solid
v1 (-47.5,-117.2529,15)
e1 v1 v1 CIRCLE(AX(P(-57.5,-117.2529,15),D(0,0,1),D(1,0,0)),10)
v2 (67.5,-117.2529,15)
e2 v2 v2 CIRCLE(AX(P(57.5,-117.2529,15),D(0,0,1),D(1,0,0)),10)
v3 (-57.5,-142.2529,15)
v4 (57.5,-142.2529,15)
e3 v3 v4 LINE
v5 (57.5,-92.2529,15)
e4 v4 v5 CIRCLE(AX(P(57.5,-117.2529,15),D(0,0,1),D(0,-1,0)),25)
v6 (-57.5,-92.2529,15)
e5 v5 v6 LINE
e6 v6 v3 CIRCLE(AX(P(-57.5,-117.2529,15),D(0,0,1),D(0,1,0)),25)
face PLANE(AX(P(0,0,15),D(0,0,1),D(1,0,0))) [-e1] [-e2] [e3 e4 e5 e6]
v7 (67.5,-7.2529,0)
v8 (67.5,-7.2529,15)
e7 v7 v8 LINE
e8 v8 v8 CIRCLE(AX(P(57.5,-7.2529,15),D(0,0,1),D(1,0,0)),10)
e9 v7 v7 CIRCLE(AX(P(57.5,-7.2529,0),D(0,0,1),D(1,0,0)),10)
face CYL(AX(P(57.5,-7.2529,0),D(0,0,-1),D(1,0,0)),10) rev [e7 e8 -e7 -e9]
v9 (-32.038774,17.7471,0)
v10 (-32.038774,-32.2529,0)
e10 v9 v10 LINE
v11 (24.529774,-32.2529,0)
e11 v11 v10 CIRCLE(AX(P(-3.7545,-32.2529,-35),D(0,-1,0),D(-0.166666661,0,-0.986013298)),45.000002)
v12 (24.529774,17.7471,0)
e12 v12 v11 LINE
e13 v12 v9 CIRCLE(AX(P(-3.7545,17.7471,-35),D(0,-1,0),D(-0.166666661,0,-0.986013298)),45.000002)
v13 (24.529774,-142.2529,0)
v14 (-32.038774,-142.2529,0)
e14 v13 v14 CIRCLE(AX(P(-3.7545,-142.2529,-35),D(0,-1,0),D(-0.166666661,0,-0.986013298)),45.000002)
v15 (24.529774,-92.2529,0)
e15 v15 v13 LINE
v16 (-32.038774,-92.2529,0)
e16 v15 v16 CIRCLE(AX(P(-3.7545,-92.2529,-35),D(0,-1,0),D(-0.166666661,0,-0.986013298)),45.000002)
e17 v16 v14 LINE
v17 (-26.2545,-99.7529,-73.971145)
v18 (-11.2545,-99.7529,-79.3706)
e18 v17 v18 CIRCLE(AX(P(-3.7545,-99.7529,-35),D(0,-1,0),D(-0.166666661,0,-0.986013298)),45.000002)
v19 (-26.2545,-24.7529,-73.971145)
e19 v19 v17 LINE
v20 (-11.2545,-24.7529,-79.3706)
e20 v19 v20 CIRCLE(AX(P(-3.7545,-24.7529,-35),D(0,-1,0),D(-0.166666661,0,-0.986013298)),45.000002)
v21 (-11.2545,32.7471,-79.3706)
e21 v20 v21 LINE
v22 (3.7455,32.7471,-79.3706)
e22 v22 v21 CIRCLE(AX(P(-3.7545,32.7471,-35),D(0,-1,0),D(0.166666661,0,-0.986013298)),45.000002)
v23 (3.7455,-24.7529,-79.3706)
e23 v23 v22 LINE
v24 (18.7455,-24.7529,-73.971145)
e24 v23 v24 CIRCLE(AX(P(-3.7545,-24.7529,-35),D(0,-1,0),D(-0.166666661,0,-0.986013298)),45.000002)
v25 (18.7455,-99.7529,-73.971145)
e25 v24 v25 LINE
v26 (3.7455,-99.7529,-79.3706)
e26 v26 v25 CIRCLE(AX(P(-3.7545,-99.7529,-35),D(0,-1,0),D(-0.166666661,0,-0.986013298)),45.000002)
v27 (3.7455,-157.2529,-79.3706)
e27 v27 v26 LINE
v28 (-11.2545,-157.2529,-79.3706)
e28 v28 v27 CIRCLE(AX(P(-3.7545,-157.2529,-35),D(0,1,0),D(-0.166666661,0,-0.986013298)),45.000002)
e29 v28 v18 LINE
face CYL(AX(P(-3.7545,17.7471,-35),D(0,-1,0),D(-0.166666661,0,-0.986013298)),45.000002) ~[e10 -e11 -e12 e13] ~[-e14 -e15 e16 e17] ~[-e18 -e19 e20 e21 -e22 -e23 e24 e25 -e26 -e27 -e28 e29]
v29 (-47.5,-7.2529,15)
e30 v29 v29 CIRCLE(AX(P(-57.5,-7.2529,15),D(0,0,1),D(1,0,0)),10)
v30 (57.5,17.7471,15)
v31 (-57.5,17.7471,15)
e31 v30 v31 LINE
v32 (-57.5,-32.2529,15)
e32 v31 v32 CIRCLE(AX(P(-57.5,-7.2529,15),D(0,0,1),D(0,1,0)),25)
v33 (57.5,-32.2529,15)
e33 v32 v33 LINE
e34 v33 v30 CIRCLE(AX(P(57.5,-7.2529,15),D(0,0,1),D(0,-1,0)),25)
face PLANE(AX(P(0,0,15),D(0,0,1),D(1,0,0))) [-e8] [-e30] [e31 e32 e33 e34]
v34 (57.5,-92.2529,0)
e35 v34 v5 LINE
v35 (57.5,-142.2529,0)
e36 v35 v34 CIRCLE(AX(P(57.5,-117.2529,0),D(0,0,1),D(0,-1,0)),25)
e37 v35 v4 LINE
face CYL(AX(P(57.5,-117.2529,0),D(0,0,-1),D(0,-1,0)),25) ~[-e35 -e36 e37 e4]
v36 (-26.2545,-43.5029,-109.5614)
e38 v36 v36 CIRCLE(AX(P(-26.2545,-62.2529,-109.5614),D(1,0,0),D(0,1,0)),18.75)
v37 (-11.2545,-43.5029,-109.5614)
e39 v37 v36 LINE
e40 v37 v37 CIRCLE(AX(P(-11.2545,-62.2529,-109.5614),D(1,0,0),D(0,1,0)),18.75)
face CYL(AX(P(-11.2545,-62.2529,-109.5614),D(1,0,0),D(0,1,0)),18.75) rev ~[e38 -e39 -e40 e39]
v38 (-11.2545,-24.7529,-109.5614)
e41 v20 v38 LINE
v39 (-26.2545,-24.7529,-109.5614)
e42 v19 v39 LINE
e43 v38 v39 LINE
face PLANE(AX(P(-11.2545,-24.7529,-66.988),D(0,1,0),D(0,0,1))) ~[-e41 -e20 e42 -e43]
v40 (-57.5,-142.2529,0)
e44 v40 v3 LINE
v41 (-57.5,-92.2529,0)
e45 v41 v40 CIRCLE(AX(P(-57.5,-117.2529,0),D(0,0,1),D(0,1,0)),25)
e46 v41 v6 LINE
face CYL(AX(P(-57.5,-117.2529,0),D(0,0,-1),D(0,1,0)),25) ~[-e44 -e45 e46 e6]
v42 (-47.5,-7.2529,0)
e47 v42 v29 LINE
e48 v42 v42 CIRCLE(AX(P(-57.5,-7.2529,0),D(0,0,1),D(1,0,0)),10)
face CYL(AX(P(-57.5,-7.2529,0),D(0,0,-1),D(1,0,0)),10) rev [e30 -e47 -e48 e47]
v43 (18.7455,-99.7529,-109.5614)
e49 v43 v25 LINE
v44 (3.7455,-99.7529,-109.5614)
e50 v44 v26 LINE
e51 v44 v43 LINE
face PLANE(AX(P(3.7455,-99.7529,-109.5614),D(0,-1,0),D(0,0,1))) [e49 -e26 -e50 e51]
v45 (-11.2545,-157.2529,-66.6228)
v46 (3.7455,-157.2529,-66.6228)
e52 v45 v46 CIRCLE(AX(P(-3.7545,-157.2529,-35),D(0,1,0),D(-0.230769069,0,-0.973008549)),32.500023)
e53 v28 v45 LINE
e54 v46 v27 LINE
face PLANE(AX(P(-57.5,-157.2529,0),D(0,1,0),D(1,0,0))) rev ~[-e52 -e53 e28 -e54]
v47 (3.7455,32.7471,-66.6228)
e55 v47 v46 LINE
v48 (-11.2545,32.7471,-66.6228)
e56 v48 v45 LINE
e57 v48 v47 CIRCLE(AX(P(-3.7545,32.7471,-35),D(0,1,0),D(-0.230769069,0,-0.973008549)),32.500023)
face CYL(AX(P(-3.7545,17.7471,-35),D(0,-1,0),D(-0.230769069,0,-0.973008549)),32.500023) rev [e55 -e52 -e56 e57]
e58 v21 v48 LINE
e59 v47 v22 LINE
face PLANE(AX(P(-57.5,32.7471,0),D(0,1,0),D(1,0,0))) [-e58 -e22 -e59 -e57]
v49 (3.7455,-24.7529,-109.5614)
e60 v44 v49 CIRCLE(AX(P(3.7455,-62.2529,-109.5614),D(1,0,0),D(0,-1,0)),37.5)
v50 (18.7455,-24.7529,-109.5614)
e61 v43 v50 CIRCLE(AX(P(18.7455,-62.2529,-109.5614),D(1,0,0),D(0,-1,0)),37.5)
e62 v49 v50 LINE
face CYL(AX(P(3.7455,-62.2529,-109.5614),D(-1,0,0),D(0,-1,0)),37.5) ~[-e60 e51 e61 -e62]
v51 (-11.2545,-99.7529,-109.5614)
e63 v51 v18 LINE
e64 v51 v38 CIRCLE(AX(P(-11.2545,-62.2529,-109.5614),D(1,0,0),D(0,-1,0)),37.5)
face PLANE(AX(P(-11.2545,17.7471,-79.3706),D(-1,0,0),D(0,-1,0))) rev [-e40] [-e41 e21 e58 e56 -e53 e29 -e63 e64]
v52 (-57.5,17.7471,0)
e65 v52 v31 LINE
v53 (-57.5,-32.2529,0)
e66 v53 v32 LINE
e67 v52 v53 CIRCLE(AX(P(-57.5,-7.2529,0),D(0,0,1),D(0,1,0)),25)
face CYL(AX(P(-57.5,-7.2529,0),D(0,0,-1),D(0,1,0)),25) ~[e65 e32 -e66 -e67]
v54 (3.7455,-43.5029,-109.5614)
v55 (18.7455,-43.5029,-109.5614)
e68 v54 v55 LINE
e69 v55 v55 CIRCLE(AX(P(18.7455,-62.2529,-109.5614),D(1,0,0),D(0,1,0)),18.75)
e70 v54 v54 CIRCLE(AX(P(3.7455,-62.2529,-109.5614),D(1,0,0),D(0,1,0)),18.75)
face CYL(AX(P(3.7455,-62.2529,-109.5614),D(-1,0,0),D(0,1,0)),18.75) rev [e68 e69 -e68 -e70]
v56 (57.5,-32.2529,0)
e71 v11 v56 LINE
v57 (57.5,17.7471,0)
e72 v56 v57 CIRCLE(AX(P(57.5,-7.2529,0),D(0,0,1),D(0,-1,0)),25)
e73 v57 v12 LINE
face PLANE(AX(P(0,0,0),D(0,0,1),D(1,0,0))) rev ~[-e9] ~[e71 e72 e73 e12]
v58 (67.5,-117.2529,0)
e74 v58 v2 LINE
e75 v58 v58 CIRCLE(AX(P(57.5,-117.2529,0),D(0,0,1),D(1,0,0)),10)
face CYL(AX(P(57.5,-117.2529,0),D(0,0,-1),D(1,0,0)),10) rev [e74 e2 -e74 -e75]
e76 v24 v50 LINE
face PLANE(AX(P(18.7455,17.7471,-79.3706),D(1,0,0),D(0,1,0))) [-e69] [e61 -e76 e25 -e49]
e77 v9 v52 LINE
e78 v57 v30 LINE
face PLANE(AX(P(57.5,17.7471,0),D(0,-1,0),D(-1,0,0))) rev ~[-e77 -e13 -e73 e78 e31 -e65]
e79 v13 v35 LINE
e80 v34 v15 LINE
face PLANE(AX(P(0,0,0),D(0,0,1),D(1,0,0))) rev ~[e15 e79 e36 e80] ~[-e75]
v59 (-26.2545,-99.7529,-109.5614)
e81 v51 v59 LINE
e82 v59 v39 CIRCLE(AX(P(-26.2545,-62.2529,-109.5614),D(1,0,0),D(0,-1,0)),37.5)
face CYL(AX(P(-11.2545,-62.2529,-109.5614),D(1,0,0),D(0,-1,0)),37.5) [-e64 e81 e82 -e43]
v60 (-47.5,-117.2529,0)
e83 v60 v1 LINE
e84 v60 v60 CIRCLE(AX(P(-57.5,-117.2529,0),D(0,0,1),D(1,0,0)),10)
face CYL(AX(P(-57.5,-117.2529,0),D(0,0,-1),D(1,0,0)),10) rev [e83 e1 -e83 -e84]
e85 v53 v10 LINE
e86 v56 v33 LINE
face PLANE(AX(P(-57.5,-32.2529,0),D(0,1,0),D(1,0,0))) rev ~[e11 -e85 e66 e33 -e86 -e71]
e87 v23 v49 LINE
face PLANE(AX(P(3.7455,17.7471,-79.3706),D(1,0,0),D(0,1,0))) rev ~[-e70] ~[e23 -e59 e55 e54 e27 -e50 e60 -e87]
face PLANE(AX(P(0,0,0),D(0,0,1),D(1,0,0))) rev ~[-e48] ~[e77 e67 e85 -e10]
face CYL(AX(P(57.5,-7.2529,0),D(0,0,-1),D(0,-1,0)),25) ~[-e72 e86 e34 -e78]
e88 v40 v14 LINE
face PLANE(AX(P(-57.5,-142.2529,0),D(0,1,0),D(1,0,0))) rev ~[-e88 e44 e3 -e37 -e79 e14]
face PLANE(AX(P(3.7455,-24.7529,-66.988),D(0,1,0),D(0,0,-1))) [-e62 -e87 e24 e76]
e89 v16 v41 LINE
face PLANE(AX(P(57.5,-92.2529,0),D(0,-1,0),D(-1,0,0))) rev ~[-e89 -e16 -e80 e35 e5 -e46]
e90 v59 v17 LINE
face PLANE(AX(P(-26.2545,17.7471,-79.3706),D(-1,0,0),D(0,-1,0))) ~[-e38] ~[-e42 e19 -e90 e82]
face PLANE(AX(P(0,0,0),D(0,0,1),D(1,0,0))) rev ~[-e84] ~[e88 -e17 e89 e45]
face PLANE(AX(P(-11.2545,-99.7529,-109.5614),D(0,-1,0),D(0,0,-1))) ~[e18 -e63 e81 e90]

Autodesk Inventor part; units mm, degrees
ref_plane "YZ Plane" through (0, 0, 0) normal (1, 0, 0) x (0, 1, 0)
sketch "Sketch1" plane through (0, 0, 0) normal (0, 0, 1) x (1, 0, 0)
  line L0 (-57.5, -7.2529) -> (57.5, -7.2529) construction
  line L1 (-57.5, -32.2529) -> (57.5, -32.2529)
  line L2 (57.5, 17.7471) -> (-57.5, 17.7471)
  arc A0 (-57.5, 17.7471) -> (-57.5, -32.2529) centre (-57.5, -7.2529) ccw
  arc A1 (57.5, -32.2529) -> (57.5, 17.7471) centre (57.5, -7.2529) ccw
  circle A2 centre (-57.5, -7.2529) radius 10
  circle A3 centre (57.5, -7.2529) radius 10
  line L3 (-57.5, -117.2529) -> (57.5, -117.2529) construction
  line L4 (-57.5, -142.2529) -> (57.5, -142.2529)
  line L5 (57.5, -92.2529) -> (-57.5, -92.2529)
  arc A4 (-57.5, -92.2529) -> (-57.5, -142.2529) centre (-57.5, -117.2529) ccw
  arc A5 (57.5, -142.2529) -> (57.5, -92.2529) centre (57.5, -117.2529) ccw
  circle A6 centre (-57.5, -117.2529) radius 10
  circle A7 centre (57.5, -117.2529) radius 10
  point P0 (0, 0)
  point P1 (0, -7.2529)
  point P2 (0, -117.2529)
  point P3 (82.5, -117.2529)
  point P4 (-82.5, -117.2529)
  dimension "d0" = 115
  dimension "d1" = 25
  dimension "d2" = 20
  dimension "d3" = 20
  dimension "d4" = 115
  dimension "d5" = 25
  dimension "d6" = 20
  dimension "d7" = 20
  dimension "d8" = 110
  dimension "d11" = 165
extrude "Extrusion1" add sketch "Sketch1" along normal blind 15
sketch "Sketch2" plane through (0, 0, 0) normal (0, 0, -1) x (-1, 0, 0)
  point P0 (0, 0)
sketch "Sketch3" plane through (0, 0, 0) normal (0, 0, -1) x (-1, 0, 0)
  point P0 (0, 0)
sketch "Sketch4" plane through (-57.5, 17.7471, 0) normal (0, 1, 0) x (1, 0, 0)
  arc A0 (46.2455, 79.3706) -> (61.2455, 79.3706) centre (53.7455, 35) ccw
  line L0 (115, 0) -> (0, 0) projected
  arc A1 (46.2455, 66.6228) -> (61.2455, 66.6228) centre (53.7455, 35) ccw
  line L1 (46.2455, -10) -> (61.2455, 80) construction
  line L2 (61.2455, -10) -> (46.2455, 80) construction
  line L3 (46.2455, 79.3706) -> (46.2455, 66.6228)
  line L4 (61.2455, 66.6228) -> (61.2455, 79.3706)
  point P0 (57.5, 0)
  dimension "d12" = 90
  dimension "d13" = 35
  dimension "d14" = 65
  dimension "d15" = 15
  dimension "d16" = 90
extrude "Extrusion2" add sketch "Sketch4" along normal blind 15 and the other way blind 175
sketch "Sketch5" plane through (0, 0, 0) normal (1, 0, 0) x (0, 1, 0)
  point P0 (0, 0)
ref_plane "Work Plane1" through (3.7455, 17.7471, -79.3706) normal (1, 0, 0) x (0, 1, 0)
sketch "Sketch6" plane through (3.7455, 17.7471, -79.3706) normal (1, 0, 0) x (0, 1, 0)
  circle A0 centre (-80, -30.1908) radius 18.75
  arc A1 (-117.5, -30.1908) -> (-42.5, -30.1908) centre (-80, -30.1908) ccw
  line L0 (-117.5, -30.1908) -> (-117.5, 12.3826)
  line L1 (-117.5, 12.3826) -> (-42.5, 12.3826)
  line L2 (-42.5, 12.3826) -> (-42.5, -30.1908)
  point P0 (-17.7471, 79.3706)
  dimension "d21" = 37.5
  dimension "d22" = 75
extrude "Extrusion3" add sketch "Sketch6" along normal blind 15
ref_plane "Work Plane2" through (-3.7545, -157.2529, -79.3706) normal (1, 0, 0) x (0, 0, -1)
mirror "Mirror1" about plane through (-3.7545, -157.2529, -79.3706) normal (1, 0, 0) of "Extrusion3"
properties part number "cad@68"
